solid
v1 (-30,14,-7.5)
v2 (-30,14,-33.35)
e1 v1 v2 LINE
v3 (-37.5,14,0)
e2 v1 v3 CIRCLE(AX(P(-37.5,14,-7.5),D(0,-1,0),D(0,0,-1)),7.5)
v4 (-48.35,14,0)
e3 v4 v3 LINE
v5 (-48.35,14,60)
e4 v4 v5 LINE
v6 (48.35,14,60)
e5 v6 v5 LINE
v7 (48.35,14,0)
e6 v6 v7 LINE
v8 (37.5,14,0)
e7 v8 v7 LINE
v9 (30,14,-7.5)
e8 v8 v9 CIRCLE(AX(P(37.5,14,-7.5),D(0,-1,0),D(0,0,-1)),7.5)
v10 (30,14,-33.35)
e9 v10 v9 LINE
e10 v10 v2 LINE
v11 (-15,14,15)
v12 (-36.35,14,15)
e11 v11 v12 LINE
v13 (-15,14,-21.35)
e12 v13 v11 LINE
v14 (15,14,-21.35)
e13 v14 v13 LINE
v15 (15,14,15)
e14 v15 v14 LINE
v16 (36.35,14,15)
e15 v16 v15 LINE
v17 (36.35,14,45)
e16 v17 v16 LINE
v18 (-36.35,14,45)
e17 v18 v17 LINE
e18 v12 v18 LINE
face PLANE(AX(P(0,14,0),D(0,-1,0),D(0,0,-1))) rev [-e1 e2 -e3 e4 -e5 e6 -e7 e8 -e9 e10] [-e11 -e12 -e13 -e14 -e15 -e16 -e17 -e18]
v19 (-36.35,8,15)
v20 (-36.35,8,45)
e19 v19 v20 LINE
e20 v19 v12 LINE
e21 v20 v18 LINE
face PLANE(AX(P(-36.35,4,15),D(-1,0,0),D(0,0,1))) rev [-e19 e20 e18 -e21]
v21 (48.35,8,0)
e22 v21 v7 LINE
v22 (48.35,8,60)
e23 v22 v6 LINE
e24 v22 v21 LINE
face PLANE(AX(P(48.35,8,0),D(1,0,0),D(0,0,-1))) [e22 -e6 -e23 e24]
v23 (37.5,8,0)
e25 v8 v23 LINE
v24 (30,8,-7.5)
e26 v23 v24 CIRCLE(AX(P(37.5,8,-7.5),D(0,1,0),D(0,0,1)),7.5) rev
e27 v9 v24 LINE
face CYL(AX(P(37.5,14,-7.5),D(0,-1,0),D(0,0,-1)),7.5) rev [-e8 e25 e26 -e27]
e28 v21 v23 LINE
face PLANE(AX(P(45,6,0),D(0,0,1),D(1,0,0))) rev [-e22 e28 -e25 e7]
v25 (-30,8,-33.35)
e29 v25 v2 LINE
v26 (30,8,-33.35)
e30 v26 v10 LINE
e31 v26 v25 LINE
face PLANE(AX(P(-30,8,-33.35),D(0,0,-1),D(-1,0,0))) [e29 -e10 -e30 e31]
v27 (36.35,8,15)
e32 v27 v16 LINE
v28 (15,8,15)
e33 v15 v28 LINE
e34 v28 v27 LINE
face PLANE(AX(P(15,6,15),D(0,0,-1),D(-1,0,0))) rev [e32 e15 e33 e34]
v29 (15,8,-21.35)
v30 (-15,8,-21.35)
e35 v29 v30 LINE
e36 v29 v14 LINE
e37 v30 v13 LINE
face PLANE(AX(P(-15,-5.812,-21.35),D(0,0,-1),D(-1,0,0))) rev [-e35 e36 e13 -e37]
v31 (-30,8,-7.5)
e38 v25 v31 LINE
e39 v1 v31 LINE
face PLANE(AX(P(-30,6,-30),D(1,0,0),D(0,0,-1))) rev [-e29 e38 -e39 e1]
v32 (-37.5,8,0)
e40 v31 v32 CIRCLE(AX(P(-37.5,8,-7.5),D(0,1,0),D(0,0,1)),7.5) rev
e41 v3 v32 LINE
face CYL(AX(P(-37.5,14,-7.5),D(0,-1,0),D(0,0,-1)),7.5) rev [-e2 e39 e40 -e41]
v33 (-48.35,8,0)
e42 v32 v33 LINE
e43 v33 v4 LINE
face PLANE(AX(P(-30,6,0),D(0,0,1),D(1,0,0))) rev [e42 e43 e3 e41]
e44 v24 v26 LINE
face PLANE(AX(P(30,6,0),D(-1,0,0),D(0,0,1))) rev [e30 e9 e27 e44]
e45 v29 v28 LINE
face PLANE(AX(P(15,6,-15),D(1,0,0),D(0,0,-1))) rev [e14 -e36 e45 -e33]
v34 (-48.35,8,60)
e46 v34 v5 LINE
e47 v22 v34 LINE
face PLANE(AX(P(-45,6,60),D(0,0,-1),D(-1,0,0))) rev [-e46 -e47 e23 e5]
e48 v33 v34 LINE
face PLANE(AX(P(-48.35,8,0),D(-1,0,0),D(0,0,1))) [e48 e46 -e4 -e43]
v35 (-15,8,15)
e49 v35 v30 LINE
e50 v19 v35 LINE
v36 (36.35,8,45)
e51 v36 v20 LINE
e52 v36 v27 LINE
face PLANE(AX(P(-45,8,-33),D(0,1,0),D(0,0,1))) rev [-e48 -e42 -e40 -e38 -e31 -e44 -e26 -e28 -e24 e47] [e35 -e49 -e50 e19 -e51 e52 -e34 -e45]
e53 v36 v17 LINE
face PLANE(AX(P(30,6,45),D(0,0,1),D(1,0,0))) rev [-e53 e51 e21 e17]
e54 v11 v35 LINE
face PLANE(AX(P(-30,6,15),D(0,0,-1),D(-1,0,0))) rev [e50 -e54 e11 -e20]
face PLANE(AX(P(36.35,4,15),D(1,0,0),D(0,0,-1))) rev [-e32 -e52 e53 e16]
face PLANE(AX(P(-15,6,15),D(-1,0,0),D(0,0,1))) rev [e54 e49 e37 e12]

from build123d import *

# Parameters (mm, degrees)
CROQUIS1_W                = 30
CROQUIS1_H                = 30
SALIENTE_EXTRUIR1_DEPTH   = 3
CROQUIS2_W                = 15
CROQUIS2_H                = 30
SALIENTE_EXTRUIR3_DEPTH   = 3
SALIENTE_EXTRUIR3_2_DEPTH = 3
CROQUIS3_W                = 30
CROQUIS3_H                = 30
SALIENTE_EXTRUIR4_DEPTH   = 3
SALIENTE_EXTRUIR5_DEPTH   = 3
CORTAR_EXTRUIR1_DEPTH     = 6
SALIENTE_EXTRUIR8_DEPTH   = 11
CROQUIS7_W                = 30
CROQUIS7_H                = 3.175
CORTAR_EXTRUIR3_DEPTH     = 18.542
CROQUIS9_W                = 60
CROQUIS9_H                = 0.175
SALIENTE_EXTRUIR9_DEPTH   = 11
CROQUIS10_W               = 90
CROQUIS10_H               = 5
CORTAR_EXTRUIR5_DEPTH     = 93
CROQUIS11_W               = 30
CROQUIS11_H               = 3.175
SALIENTE_EXTRUIR10_DEPTH  = 11
CROQUIS12_W               = 60
CROQUIS12_H               = 0.175
CORTAR_EXTRUIR6_DEPTH     = 11
CROQUIS14_W               = 30
CROQUIS14_H               = 6.35
CORTAR_EXTRUIR8_DEPTH     = 19.812
CROQUIS15_W               = 60
CROQUIS15_H               = 6.315381445
SALIENTE_EXTRUIR14_DEPTH  = 6
CROQUIS16_W               = 6.35
CROQUIS16_H               = 30
CORTAR_EXTRUIR9_DEPTH     = 10
CROQUIS17_W               = 3.35
CROQUIS17_H               = 60
SALIENTE_EXTRUIR15_DEPTH  = 6


with BuildPart() as part:
    # Croquis1 → Saliente-Extruir1 (new body)
    with BuildSketch(Plane(origin=(0, 0, 0), x_dir=(1, 0, 0), z_dir=(0, 1, 0))):
        Rectangle(CROQUIS1_W, CROQUIS1_H)
    extrude(amount=SALIENTE_EXTRUIR1_DEPTH)



with BuildPart() as body_2:
    # Croquis2 → Saliente-Extruir3 (new body)
    with BuildSketch(Plane(origin=(0, 3, 0), x_dir=(1, 0, 0), z_dir=(0, 1, 0))):
        with Locations((-22.5, -30)):
            Rectangle(CROQUIS2_W, CROQUIS2_H)
    extrude(amount=-SALIENTE_EXTRUIR3_DEPTH)


with BuildPart() as body_3:
    # Croquis2 → Saliente-Extruir3 2 (new body)
    with BuildSketch(Plane(origin=(0, 3, 0), x_dir=(1, 0, 0), z_dir=(0, 1, 0))):
        with Locations((22.5, -30)):
            Rectangle(CROQUIS2_W, CROQUIS2_H)
    extrude(amount=-SALIENTE_EXTRUIR3_2_DEPTH)


with BuildPart() as part_1:
    add(part.part)

    add(body_2.part)  # Saliente-Extruir4 merges body 2

    add(body_3.part)  # Saliente-Extruir4 merges body 3
    # Croquis3 → Saliente-Extruir4 (add)
    with BuildSketch(Plane(origin=(0, 3, 0), x_dir=(1, 0, 0), z_dir=(0, 1, 0))):
        with Locations((0, -30)):
            Rectangle(CROQUIS3_W, CROQUIS3_H)
    extrude(amount=-SALIENTE_EXTRUIR4_DEPTH)

    # Croquis4 → Saliente-Extruir5 (add)
    with BuildSketch(Plane(origin=(0, 3, 0), x_dir=(1, 0, 0), z_dir=(0, 1, 0))):
        Polygon((-30, 0), (-45, 0), (-45, -60), (45, -60), (45, 0), (30, 0), (30, 30), (-30, 30), align=None)
    extrude(amount=SALIENTE_EXTRUIR5_DEPTH)

    # Croquis5 → Cortar-Extruir1 (cut)
    with BuildSketch(Plane(origin=(0, 0, 0), x_dir=(-1, 0, 0), z_dir=(0, -1, 0))):
        Polygon((30, -45), (30, -15), (15, -15), (15, 15), (-15, 15), (-15, -15), (-30, -15), (-30, -45), align=None)
    extrude(amount=-CORTAR_EXTRUIR1_DEPTH, mode=Mode.SUBTRACT)

    # Croquis6 → Saliente-Extruir8 (add)
    with BuildSketch(Plane(origin=(0, 3, 0), x_dir=(-1, 0, 0), z_dir=(0, -1, 0))):
        with BuildLine():
            Line((37.5, 0), (45, 0))
            Line((45, 0), (45, -60))
            Line((45, -60), (-45, -60))
            Line((-45, -60), (-45, 0))
            Line((-45, 0), (-37.5, 0))
            ThreePointArc((-37.5, 0), (-32.196699141, 2.196699141), (-30, 7.5))
            Line((-30, 7.5), (-30, 30))
            Line((-30, 30), (30, 30))
            Line((30, 30), (30, 7.5))
            ThreePointArc((30, 7.5), (32.196699141, 2.196699141), (37.5, 0))
        make_face()
        Polygon((15, 15), (15, -15), (30, -15), (30, -45), (-30, -45), (-30, -15), (-15, -15), (-15, 15), align=None, mode=Mode.SUBTRACT)
    extrude(amount=-SALIENTE_EXTRUIR8_DEPTH)

    # Croquis7 → Cortar-Extruir3 (cut)
    with BuildSketch(Plane(origin=(0, 14, 0), x_dir=(1, 0, 0), z_dir=(0, 1, 0))):
        with Locations((0, 16.5875)):
            Rectangle(CROQUIS7_W, CROQUIS7_H)
    extrude(amount=-CORTAR_EXTRUIR3_DEPTH, mode=Mode.SUBTRACT)

    # Croquis9 → Saliente-Extruir9 (add)
    with BuildSketch(Plane(origin=(0, 14, 0), x_dir=(1, 0, 0), z_dir=(0, 1, 0))):
        with Locations((0, 30.0875)):
            Rectangle(CROQUIS9_W, CROQUIS9_H)
    extrude(amount=-SALIENTE_EXTRUIR9_DEPTH)

    # Croquis10 → Cortar-Extruir5 (cut)
    with BuildSketch(Plane.XY.offset(60)):
        with Locations((0, 5.5)):
            Rectangle(CROQUIS10_W, CROQUIS10_H)
    extrude(amount=-CORTAR_EXTRUIR5_DEPTH, mode=Mode.SUBTRACT)

    # Croquis11 → Saliente-Extruir10 (add)
    with BuildSketch(Plane(origin=(0, 14, 0), x_dir=(1, 0, 0), z_dir=(0, 1, 0))):
        with Locations((0, 16.5875)):
            Rectangle(CROQUIS11_W, CROQUIS11_H)
    extrude(amount=-SALIENTE_EXTRUIR10_DEPTH)

    # Croquis12 → Cortar-Extruir6 (cut)
    with BuildSketch(Plane(origin=(0, 14, 0), x_dir=(1, 0, 0), z_dir=(0, 1, 0))):
        with Locations((0, 30.0875)):
            Rectangle(CROQUIS12_W, CROQUIS12_H)
    extrude(amount=-CORTAR_EXTRUIR6_DEPTH, mode=Mode.SUBTRACT)

    # Croquis14 → Cortar-Extruir8 (cut)
    with BuildSketch(Plane(origin=(0, 14, 0), x_dir=(1, 0, 0), z_dir=(0, 1, 0))):
        with Locations((0, 18.175)):
            Rectangle(CROQUIS14_W, CROQUIS14_H)
    extrude(amount=-CORTAR_EXTRUIR8_DEPTH, mode=Mode.SUBTRACT)

    # Croquis15 → Saliente-Extruir14 (add)
    with BuildSketch(Plane(origin=(0, 14, 0), x_dir=(1, 0, 0), z_dir=(0, 1, 0))):
        with Locations((0, 30.192309278)):
            Rectangle(CROQUIS15_W, CROQUIS15_H)
    extrude(amount=-SALIENTE_EXTRUIR14_DEPTH)

    # Croquis16 → Cortar-Extruir9 (cut)
    with BuildSketch(Plane(origin=(0, 14, 0), x_dir=(1, 0, 0), z_dir=(0, 1, 0))):
        with Locations((-33.175, -30)):
            Rectangle(CROQUIS16_W, CROQUIS16_H)
        with Locations((33.175, -30)):
            Rectangle(CROQUIS16_W, CROQUIS16_H)
    extrude(amount=-CORTAR_EXTRUIR9_DEPTH, mode=Mode.SUBTRACT)

    # Croquis17 → Saliente-Extruir15 (add)
    with BuildSketch(Plane(origin=(0, 14, 0), x_dir=(1, 0, 0), z_dir=(0, 1, 0))):
        with Locations((-46.675, -30)):
            Rectangle(CROQUIS17_W, CROQUIS17_H)
        with Locations((46.675, -30)):
            Rectangle(CROQUIS17_W, CROQUIS17_H)
    extrude(amount=-SALIENTE_EXTRUIR15_DEPTH)


solid = part_1.part
